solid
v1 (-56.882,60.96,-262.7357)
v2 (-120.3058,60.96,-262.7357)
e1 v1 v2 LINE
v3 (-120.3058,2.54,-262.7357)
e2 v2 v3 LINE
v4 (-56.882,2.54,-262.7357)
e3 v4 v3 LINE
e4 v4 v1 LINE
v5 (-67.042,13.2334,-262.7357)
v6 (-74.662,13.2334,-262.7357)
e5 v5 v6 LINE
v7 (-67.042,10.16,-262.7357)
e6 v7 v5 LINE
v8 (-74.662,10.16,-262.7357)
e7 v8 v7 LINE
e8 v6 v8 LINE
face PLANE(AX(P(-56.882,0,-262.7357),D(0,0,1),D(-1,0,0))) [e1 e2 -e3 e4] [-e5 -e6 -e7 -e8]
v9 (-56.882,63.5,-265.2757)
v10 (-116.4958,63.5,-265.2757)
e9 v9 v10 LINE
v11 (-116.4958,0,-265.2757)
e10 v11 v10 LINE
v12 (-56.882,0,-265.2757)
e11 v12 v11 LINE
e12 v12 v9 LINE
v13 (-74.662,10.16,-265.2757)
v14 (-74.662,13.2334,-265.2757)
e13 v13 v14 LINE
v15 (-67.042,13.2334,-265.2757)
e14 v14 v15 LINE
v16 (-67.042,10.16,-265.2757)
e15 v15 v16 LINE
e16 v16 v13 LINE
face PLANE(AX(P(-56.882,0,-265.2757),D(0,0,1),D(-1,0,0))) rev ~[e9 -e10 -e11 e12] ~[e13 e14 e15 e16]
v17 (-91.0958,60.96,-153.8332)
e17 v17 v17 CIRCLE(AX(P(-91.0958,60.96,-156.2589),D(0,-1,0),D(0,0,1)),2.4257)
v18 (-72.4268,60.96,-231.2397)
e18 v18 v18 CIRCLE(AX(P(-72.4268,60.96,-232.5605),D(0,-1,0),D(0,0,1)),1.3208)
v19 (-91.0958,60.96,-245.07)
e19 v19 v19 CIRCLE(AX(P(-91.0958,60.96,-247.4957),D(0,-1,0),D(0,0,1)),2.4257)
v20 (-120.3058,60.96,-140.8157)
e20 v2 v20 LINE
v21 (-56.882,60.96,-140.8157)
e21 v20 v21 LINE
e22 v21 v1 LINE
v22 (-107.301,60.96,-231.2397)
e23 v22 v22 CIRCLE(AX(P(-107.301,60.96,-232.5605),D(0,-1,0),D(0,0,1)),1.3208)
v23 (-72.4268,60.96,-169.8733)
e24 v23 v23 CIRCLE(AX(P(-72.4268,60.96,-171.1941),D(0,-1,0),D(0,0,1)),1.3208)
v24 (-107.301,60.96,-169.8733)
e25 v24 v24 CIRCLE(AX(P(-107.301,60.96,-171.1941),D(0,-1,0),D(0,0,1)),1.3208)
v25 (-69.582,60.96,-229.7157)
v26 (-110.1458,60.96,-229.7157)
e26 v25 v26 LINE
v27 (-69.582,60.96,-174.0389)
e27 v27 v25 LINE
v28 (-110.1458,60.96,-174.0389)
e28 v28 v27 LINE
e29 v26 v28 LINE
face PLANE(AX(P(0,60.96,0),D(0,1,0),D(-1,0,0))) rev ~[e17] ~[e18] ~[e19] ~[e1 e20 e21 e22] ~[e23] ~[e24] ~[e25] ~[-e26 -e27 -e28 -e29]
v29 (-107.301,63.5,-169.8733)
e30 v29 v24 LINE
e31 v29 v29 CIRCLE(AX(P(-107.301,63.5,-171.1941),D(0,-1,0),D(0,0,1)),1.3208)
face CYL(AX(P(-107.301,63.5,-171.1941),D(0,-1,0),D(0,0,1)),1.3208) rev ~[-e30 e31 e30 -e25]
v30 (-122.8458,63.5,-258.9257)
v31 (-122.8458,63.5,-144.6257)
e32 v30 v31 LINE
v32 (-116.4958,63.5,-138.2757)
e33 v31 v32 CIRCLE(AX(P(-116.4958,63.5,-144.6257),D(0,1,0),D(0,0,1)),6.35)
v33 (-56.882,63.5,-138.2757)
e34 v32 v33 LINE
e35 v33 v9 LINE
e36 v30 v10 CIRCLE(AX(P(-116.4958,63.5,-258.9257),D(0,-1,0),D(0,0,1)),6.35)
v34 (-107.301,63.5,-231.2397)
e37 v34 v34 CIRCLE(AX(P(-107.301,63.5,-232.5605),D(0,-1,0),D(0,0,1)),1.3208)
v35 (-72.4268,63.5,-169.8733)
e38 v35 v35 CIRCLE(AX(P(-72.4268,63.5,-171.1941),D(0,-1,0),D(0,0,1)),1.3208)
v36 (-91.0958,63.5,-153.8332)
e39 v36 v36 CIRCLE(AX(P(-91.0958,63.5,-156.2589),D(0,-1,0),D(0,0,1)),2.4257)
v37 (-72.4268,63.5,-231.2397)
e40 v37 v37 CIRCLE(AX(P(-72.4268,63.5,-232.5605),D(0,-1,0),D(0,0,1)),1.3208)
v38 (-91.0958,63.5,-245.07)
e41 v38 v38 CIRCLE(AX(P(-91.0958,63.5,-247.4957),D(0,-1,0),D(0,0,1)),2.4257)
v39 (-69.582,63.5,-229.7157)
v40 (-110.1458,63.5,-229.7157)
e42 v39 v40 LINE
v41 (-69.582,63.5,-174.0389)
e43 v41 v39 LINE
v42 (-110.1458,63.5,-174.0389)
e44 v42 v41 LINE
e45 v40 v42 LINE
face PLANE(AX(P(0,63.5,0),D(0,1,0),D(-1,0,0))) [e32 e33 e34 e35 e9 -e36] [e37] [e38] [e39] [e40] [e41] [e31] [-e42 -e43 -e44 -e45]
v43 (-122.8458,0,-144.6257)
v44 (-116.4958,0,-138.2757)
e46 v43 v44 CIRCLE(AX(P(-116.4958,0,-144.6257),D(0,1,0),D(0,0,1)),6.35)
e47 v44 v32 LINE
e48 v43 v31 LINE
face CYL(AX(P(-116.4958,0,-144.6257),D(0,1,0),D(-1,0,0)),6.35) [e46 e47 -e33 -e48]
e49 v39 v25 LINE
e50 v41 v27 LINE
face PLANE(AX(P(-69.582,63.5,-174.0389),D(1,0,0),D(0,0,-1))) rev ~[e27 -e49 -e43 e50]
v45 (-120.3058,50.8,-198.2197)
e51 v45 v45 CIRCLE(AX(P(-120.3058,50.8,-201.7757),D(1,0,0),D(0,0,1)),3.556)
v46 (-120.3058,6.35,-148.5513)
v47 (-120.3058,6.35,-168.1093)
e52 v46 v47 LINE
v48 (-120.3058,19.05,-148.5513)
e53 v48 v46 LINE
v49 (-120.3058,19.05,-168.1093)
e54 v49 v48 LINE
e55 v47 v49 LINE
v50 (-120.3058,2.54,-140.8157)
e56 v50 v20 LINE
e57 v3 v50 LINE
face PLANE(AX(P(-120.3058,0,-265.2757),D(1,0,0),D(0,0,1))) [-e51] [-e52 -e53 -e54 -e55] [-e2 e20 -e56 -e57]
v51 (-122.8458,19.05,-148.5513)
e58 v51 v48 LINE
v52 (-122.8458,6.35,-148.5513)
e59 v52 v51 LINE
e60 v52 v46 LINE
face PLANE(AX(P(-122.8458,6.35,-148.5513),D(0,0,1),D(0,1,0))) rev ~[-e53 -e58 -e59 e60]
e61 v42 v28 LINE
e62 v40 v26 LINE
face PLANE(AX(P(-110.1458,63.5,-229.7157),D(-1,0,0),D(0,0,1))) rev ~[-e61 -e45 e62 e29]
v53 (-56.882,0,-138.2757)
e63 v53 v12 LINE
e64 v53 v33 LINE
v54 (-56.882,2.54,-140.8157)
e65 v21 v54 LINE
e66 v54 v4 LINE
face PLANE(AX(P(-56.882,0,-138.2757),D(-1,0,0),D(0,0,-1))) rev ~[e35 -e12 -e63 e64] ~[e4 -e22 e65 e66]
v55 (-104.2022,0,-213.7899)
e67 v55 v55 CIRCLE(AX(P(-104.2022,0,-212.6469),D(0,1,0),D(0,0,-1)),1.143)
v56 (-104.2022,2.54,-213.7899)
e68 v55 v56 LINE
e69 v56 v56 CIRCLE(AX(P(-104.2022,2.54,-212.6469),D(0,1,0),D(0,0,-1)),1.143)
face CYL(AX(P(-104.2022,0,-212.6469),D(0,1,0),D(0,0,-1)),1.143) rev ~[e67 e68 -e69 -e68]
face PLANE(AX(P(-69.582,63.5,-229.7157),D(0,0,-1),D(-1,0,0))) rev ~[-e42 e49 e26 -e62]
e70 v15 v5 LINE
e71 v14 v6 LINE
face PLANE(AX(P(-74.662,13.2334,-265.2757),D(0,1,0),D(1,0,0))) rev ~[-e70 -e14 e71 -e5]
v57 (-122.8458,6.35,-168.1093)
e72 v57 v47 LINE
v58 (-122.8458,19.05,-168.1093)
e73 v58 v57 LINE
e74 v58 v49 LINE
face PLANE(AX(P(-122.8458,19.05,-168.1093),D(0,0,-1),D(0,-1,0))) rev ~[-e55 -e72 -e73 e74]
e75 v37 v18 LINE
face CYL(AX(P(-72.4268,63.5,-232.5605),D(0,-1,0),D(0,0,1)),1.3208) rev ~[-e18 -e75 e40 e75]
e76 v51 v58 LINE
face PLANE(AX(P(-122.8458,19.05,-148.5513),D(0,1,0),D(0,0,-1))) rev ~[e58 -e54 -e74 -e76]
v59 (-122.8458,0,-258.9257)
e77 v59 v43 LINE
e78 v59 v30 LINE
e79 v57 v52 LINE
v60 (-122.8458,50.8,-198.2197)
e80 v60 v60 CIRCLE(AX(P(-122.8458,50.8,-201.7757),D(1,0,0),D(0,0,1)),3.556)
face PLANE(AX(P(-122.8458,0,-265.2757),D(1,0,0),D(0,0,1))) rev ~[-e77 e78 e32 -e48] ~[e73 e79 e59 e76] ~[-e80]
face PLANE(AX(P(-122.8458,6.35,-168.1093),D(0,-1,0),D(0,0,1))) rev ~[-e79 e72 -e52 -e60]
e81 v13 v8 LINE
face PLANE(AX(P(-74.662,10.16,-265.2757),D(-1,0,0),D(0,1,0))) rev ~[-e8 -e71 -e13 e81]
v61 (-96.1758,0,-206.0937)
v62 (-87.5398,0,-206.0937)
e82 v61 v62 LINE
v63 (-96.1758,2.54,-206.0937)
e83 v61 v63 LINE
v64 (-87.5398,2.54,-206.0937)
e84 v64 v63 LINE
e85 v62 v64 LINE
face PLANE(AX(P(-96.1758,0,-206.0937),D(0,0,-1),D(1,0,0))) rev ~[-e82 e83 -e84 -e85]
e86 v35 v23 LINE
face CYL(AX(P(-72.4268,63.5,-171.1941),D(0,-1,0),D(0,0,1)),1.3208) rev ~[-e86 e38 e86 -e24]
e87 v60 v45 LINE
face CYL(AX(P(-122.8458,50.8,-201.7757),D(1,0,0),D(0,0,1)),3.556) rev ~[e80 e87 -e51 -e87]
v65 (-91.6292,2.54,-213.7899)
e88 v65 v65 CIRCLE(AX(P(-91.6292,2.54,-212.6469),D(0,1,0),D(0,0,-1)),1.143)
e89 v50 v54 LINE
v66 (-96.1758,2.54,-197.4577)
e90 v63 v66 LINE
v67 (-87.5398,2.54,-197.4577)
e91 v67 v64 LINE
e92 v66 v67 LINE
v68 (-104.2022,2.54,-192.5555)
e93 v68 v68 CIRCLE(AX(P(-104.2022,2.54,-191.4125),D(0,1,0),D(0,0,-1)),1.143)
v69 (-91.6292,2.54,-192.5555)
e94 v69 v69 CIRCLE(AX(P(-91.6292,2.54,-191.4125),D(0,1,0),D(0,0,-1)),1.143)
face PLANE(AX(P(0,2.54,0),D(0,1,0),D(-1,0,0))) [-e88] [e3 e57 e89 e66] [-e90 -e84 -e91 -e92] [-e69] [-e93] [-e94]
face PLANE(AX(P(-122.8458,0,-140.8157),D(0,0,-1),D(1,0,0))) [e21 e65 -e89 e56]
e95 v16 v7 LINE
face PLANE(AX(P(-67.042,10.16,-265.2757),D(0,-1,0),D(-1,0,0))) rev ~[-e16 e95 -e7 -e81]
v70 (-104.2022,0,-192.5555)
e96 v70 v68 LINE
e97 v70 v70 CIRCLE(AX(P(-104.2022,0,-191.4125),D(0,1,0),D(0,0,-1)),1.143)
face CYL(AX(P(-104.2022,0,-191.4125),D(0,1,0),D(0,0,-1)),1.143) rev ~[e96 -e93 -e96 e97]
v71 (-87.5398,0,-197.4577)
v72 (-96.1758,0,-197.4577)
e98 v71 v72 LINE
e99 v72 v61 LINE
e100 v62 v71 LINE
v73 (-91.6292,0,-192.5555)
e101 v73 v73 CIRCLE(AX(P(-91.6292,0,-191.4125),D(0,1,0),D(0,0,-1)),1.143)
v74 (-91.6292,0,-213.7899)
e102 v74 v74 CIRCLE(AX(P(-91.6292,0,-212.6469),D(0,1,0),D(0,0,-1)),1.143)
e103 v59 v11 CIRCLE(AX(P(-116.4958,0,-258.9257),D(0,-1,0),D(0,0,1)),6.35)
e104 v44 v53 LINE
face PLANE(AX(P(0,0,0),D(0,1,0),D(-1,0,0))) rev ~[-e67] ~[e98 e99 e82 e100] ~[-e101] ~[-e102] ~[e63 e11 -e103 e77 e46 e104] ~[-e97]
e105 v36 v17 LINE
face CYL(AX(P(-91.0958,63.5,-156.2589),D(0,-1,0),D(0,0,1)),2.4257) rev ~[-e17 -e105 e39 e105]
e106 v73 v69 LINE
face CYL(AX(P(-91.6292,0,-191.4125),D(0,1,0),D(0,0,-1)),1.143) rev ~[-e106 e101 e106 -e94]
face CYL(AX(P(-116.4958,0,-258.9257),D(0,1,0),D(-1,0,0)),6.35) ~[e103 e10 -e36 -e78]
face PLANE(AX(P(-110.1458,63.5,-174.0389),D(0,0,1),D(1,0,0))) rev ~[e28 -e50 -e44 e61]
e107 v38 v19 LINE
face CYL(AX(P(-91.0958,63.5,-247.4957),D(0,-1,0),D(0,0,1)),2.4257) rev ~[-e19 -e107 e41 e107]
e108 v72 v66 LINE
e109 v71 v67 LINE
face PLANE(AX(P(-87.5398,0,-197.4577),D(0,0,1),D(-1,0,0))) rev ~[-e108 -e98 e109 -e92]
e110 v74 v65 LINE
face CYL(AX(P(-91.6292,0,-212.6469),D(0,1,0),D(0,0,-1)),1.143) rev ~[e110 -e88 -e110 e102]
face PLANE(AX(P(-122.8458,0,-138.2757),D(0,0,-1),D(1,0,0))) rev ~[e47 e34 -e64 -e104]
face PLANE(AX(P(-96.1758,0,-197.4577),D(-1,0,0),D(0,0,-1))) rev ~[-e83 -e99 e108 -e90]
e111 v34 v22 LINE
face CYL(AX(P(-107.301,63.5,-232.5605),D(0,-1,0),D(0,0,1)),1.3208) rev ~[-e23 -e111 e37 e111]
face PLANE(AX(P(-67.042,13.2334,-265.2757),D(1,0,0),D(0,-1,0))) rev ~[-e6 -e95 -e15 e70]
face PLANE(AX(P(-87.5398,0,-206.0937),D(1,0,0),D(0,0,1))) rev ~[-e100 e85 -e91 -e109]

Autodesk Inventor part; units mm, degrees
ref_plane "YZ Plane" through (0, 0, 0) normal (1, 0, 0) x (0, 1, 0)
ref_plane "XZ Plane" through (0, 0, 0) normal (0, 1, 0) x (-1, 0, 0)
ref_plane "XY Plane" through (0, 0, 0) normal (0, 0, 1) x (1, 0, 0)
sketch "Sketch1" plane through (0, 0, 0) normal (0, 1, 0) x (-1, 0, 0)
  line L0 (122.8458, -138.2757) -> (56.882, -138.2757)
  line L1 (56.882, -138.2757) -> (56.882, -265.2757)
  line L2 (56.882, -265.2757) -> (122.8458, -265.2757)
  line L3 (122.8458, -265.2757) -> (122.8458, -138.2757)
  line L4 (110.1458, -173.9373) -> (69.582, -173.9373)
  line L5 (69.582, -173.9373) -> (69.582, -229.6141)
  line L6 (69.582, -229.6141) -> (110.1458, -229.6141)
  line L7 (110.1458, -229.6141) -> (110.1458, -173.9373)
  point P0 (0, 0)
  dimension "d1" = 127
  dimension "d4" = 55.6768
  dimension "d5" = 40.5638
  dimension "d6" = 12.7
  dimension "d7" = 35.6616
  dimension "d8" = 12.7
extrude "Extrusion1" add sketch "Sketch1" along normal blind 63.5 contours L3 L2 L1 L0 | L7 L6 L5 L4
shell "Shell1" thickness 2.54 removed faces 1 at (-56.882, 21.1667, -180.609)
sketch "Sketch3" plane through (0, 63.5, 0) normal (0, 1, 0) x (1, 0, 0)
  line L0 (-110.1458, 174.0389) -> (-69.582, 174.0389)
  line L1 (-69.582, 174.0389) -> (-69.582, 229.7157)
  line L2 (-69.582, 229.7157) -> (-110.1458, 229.7157)
  line L3 (-110.1458, 229.7157) -> (-110.1458, 174.0389)
  line L4 (-122.8458, 265.2757) -> (-122.8458, 138.2757) projected
  line L5 (-56.882, 265.2757) -> (-122.8458, 265.2757) projected
  point P0 (0, 0)
  dimension "d14" = 55.6768
  dimension "d15" = 40.5638
  dimension "d16" = 12.7
  dimension "d17" = 35.56
extrude "Extrusion2" cut sketch "Sketch3" against normal blind 12.7
sketch "Sketch4" plane through (0, 63.5, 0) normal (0, 1, 0) x (1, 0, 0)
  circle A0 centre (-91.0958, 156.2589) radius 2.4257
  line L0 (-69.582, 174.0389) -> (-110.1458, 174.0389) projected
  line L1 (-122.8458, 265.2757) -> (-122.8458, 138.2757) projected
  line L2 (-122.8458, 138.2757) -> (-56.882, 138.2757) projected
  line L3 (-69.582, 229.7157) -> (-69.582, 174.0389) projected
  line L4 (-69.582, 174.0389) -> (-110.1458, 174.0389) projected
  line L5 (-110.1458, 174.0389) -> (-110.1458, 229.7157) projected
  line L6 (-110.1458, 229.7157) -> (-69.582, 229.7157) projected
  line L7 (-122.8458, 138.2757) -> (-56.882, 138.2757) projected
  line L8 (-56.882, 138.2757) -> (-56.882, 265.2757) projected
  line L9 (-56.882, 265.2757) -> (-122.8458, 265.2757) projected
  line L10 (-122.8458, 265.2757) -> (-122.8458, 138.2757) projected
  circle A1 centre (-91.0958, 247.4957) radius 2.4257
  point P0 (0, 0)
  dimension "d20" = 4.8514
  dimension "d21" = 17.78
  dimension "d22" = 31.75
  dimension "d23" = 4.8514
  dimension "d24" = 17.78
  dimension "d25" = 31.75
hole "Hole1" at (-91.0958, 63.5, -156.2589) at (-91.0958, 63.5, -247.4957) direction (0, -1, 0) diameter 4.8514 depth 12.7 tip angle 118
sketch "Sketch5" plane through (0, 0, 0) normal (0, -1, 0) x (1, 0, 0)
  line L0 (-122.8458, -265.2757) -> (-122.8458, -138.2757) projected
  line L1 (-122.8458, -138.2757) -> (-56.882, -138.2757) projected
  line L2 (-122.8458, -265.2757) -> (-122.8458, -138.2757) projected
  line L3 (-56.882, -265.2757) -> (-122.8458, -265.2757) projected
  line L4 (-56.882, -138.2757) -> (-56.882, -265.2757) projected
  line L5 (-96.1758, -206.0937) -> (-87.5398, -206.0937)
  line L6 (-87.5398, -206.0937) -> (-87.5398, -197.4577)
  line L7 (-87.5398, -197.4577) -> (-96.1758, -197.4577)
  line L8 (-96.1758, -197.4577) -> (-96.1758, -206.0937)
  circle A0 centre (-91.8578, -191.8951) radius 1.0414
  circle A1 centre (-91.8578, -212.4032) radius 1.0826
  point P0 (0, 0)
  dimension "d33" = 8.636
  dimension "d34" = 8.636
  dimension "d35" = 26.67
  dimension "d36" = 59.182
  dimension "d64" = 2.0828
  dimension "d65" = 5.5626
  dimension "d83" = 127
  dimension "d84" = 8.636
extrude "Extrusion3" cut sketch "Sketch5" against normal blind 12.7 contours L8 L7 L6 L5
sketch "Sketch6" plane through (-122.8458, 0, -265.2757) normal (-1, 0, 0) x (0, 0, 1)
  circle A0 centre (63.5, 50.8) radius 3.556
  line L0 (127, 0) -> (127, 63.5) projected
  line L1 (0, 63.5) -> (127, 63.5) projected
  line L2 (116.7244, 19.05) -> (97.1664, 19.05)
  line L3 (97.1664, 19.05) -> (97.1664, 6.35)
  line L4 (97.1664, 6.35) -> (116.7244, 6.35)
  line L5 (116.7244, 6.35) -> (116.7244, 19.05)
  line L6 (0, 0) -> (127, 0) projected
  point P0 (265.2757, 0)
  dimension "d39" = 7.112
  dimension "d40" = 63.5
  dimension "d41" = 12.7
  dimension "d49" = 12.7
  dimension "d50" = 19.558
  dimension "d51" = 6.35
hole "Hole2" at (-122.8458, 50.8, -201.7757) direction (1, 0, 0) diameter 7.112 depth 12.7 tip angle 118
extrude "Extrusion4" cut sketch "Sketch6" against normal blind 12.7 contours L5 L4 L3 L2
fillet "Fillet1" radius 6.35 2 edges at (-122.8458, 31.75, -265.2757) (-122.8458, 31.75, -138.2757)
sketch "Sketch8" plane through (0, 63.5, 0) normal (0, 1, 0) x (1, 0, 0)
  point P0 (0, 0)
sketch "Sketch9" plane through (0, 63.5, 0) normal (0, 1, 0) x (1, 0, 0)
  point P0 (0, 0)
sketch "Sketch10" plane through (0, 63.5, 0) normal (0, 1, 0) x (1, 0, 0)
  line L0 (-110.1458, 229.7157) -> (-69.582, 229.7157) projected
  line L1 (-110.1458, 174.0389) -> (-110.1458, 229.7157) projected
  line L2 (-69.582, 229.7157) -> (-69.582, 174.0389) projected
  line L3 (-69.582, 174.0389) -> (-110.1458, 174.0389) projected
  point P0 (0, 0)
  point P1 (-107.301, 232.5605)
  point P2 (-72.4268, 232.5605)
  point P3 (-107.301, 171.1941)
  point P4 (-72.4268, 171.1941)
  dimension "d66" = 2.8448
  dimension "d67" = 2.8448
  dimension "d68" = 2.8448
  dimension "d69" = 2.8448
  dimension "d70" = 2.8448
  dimension "d71" = 2.8448
  dimension "d72" = 2.8448
  dimension "d73" = 2.8448
hole "Hole4" at (-72.4268, 63.5, -232.5605) at (-107.301, 63.5, -171.1941) at (-72.4268, 63.5, -171.1941) at (-107.301, 63.5, -232.5605) direction (0, -1, 0) diameter 2.6416 depth 12.7 tip angle 118
sketch "Sketch11" plane through (0, 0, 0) normal (0, -1, 0) x (1, 0, 0)
  line L0 (-106.285, -214.7297) -> (-82.155, -214.7297)
  line L1 (-82.155, -214.7297) -> (-82.155, -189.3297)
  line L2 (-82.155, -189.3297) -> (-106.285, -189.3297)
  line L3 (-106.285, -189.3297) -> (-106.285, -214.7297)
  line L4 (-96.1758, -206.0937) -> (-96.1758, -197.4577) projected
  line L5 (-96.1758, -197.4577) -> (-87.5398, -197.4577) projected
  line L6 (-87.5398, -206.0937) -> (-96.1758, -206.0937) projected
  point P0 (0, 0)
  point P1 (-104.2022, -191.4125)
  point P2 (-104.2022, -212.6469)
  point P3 (-91.6292, -212.6469)
  point P4 (-91.6292, -191.4125)
  dimension "d81" = 24.13
  dimension "d82" = 25.4
  dimension "d85" = 14.0208
  dimension "d87" = 16.764
  dimension "d88" = 2.0828
  dimension "d89" = 2.0828
  dimension "d90" = 2.0828
  dimension "d91" = 2.0828
  dimension "d92" = 2.0828
  dimension "d93" = 2.0828
  dimension "d95" = 12.573
  dimension "d96" = 12.573
hole "Hole5" at (-104.2022, 0, -212.6469) at (-104.2022, 0, -191.4125) at (-91.6292, 0, -191.4125) at (-91.6292, 0, -212.6469) direction (0, 1, 0) diameter 2.286 depth 12.7 tip angle 118
sketch "Sketch14" plane through (-56.882, 0, -265.2757) normal (0, 0, -1) x (-1, 0, 0)
  line L0 (17.78, 13.2334) -> (10.16, 13.2334)
  line L1 (10.16, 13.2334) -> (10.16, 10.16)
  line L2 (10.16, 10.16) -> (17.78, 10.16)
  line L3 (17.78, 10.16) -> (17.78, 13.2334)
  line L4 (0, 2.54) -> (63.4238, 2.54) projected
  line L5 (0, 0) -> (0, 63.5) projected
  point P0 (-56.882, 0)
  dimension "d114" = 7.62
  dimension "d115" = 3.0734
  dimension "d116" = 7.62
  dimension "d117" = 10.16
extrude "Extrusion6" cut sketch "Sketch14" against normal blind 12.7
equation "\"d7\" = -0.5 * d4 + 0.5 * d1"
equation "\"d8\" = d6"
equation "\"d36\" = 0.5 * d83 - 0.5 * d84"
properties part number "maincontrolpackage_third_eye_not_blind"
